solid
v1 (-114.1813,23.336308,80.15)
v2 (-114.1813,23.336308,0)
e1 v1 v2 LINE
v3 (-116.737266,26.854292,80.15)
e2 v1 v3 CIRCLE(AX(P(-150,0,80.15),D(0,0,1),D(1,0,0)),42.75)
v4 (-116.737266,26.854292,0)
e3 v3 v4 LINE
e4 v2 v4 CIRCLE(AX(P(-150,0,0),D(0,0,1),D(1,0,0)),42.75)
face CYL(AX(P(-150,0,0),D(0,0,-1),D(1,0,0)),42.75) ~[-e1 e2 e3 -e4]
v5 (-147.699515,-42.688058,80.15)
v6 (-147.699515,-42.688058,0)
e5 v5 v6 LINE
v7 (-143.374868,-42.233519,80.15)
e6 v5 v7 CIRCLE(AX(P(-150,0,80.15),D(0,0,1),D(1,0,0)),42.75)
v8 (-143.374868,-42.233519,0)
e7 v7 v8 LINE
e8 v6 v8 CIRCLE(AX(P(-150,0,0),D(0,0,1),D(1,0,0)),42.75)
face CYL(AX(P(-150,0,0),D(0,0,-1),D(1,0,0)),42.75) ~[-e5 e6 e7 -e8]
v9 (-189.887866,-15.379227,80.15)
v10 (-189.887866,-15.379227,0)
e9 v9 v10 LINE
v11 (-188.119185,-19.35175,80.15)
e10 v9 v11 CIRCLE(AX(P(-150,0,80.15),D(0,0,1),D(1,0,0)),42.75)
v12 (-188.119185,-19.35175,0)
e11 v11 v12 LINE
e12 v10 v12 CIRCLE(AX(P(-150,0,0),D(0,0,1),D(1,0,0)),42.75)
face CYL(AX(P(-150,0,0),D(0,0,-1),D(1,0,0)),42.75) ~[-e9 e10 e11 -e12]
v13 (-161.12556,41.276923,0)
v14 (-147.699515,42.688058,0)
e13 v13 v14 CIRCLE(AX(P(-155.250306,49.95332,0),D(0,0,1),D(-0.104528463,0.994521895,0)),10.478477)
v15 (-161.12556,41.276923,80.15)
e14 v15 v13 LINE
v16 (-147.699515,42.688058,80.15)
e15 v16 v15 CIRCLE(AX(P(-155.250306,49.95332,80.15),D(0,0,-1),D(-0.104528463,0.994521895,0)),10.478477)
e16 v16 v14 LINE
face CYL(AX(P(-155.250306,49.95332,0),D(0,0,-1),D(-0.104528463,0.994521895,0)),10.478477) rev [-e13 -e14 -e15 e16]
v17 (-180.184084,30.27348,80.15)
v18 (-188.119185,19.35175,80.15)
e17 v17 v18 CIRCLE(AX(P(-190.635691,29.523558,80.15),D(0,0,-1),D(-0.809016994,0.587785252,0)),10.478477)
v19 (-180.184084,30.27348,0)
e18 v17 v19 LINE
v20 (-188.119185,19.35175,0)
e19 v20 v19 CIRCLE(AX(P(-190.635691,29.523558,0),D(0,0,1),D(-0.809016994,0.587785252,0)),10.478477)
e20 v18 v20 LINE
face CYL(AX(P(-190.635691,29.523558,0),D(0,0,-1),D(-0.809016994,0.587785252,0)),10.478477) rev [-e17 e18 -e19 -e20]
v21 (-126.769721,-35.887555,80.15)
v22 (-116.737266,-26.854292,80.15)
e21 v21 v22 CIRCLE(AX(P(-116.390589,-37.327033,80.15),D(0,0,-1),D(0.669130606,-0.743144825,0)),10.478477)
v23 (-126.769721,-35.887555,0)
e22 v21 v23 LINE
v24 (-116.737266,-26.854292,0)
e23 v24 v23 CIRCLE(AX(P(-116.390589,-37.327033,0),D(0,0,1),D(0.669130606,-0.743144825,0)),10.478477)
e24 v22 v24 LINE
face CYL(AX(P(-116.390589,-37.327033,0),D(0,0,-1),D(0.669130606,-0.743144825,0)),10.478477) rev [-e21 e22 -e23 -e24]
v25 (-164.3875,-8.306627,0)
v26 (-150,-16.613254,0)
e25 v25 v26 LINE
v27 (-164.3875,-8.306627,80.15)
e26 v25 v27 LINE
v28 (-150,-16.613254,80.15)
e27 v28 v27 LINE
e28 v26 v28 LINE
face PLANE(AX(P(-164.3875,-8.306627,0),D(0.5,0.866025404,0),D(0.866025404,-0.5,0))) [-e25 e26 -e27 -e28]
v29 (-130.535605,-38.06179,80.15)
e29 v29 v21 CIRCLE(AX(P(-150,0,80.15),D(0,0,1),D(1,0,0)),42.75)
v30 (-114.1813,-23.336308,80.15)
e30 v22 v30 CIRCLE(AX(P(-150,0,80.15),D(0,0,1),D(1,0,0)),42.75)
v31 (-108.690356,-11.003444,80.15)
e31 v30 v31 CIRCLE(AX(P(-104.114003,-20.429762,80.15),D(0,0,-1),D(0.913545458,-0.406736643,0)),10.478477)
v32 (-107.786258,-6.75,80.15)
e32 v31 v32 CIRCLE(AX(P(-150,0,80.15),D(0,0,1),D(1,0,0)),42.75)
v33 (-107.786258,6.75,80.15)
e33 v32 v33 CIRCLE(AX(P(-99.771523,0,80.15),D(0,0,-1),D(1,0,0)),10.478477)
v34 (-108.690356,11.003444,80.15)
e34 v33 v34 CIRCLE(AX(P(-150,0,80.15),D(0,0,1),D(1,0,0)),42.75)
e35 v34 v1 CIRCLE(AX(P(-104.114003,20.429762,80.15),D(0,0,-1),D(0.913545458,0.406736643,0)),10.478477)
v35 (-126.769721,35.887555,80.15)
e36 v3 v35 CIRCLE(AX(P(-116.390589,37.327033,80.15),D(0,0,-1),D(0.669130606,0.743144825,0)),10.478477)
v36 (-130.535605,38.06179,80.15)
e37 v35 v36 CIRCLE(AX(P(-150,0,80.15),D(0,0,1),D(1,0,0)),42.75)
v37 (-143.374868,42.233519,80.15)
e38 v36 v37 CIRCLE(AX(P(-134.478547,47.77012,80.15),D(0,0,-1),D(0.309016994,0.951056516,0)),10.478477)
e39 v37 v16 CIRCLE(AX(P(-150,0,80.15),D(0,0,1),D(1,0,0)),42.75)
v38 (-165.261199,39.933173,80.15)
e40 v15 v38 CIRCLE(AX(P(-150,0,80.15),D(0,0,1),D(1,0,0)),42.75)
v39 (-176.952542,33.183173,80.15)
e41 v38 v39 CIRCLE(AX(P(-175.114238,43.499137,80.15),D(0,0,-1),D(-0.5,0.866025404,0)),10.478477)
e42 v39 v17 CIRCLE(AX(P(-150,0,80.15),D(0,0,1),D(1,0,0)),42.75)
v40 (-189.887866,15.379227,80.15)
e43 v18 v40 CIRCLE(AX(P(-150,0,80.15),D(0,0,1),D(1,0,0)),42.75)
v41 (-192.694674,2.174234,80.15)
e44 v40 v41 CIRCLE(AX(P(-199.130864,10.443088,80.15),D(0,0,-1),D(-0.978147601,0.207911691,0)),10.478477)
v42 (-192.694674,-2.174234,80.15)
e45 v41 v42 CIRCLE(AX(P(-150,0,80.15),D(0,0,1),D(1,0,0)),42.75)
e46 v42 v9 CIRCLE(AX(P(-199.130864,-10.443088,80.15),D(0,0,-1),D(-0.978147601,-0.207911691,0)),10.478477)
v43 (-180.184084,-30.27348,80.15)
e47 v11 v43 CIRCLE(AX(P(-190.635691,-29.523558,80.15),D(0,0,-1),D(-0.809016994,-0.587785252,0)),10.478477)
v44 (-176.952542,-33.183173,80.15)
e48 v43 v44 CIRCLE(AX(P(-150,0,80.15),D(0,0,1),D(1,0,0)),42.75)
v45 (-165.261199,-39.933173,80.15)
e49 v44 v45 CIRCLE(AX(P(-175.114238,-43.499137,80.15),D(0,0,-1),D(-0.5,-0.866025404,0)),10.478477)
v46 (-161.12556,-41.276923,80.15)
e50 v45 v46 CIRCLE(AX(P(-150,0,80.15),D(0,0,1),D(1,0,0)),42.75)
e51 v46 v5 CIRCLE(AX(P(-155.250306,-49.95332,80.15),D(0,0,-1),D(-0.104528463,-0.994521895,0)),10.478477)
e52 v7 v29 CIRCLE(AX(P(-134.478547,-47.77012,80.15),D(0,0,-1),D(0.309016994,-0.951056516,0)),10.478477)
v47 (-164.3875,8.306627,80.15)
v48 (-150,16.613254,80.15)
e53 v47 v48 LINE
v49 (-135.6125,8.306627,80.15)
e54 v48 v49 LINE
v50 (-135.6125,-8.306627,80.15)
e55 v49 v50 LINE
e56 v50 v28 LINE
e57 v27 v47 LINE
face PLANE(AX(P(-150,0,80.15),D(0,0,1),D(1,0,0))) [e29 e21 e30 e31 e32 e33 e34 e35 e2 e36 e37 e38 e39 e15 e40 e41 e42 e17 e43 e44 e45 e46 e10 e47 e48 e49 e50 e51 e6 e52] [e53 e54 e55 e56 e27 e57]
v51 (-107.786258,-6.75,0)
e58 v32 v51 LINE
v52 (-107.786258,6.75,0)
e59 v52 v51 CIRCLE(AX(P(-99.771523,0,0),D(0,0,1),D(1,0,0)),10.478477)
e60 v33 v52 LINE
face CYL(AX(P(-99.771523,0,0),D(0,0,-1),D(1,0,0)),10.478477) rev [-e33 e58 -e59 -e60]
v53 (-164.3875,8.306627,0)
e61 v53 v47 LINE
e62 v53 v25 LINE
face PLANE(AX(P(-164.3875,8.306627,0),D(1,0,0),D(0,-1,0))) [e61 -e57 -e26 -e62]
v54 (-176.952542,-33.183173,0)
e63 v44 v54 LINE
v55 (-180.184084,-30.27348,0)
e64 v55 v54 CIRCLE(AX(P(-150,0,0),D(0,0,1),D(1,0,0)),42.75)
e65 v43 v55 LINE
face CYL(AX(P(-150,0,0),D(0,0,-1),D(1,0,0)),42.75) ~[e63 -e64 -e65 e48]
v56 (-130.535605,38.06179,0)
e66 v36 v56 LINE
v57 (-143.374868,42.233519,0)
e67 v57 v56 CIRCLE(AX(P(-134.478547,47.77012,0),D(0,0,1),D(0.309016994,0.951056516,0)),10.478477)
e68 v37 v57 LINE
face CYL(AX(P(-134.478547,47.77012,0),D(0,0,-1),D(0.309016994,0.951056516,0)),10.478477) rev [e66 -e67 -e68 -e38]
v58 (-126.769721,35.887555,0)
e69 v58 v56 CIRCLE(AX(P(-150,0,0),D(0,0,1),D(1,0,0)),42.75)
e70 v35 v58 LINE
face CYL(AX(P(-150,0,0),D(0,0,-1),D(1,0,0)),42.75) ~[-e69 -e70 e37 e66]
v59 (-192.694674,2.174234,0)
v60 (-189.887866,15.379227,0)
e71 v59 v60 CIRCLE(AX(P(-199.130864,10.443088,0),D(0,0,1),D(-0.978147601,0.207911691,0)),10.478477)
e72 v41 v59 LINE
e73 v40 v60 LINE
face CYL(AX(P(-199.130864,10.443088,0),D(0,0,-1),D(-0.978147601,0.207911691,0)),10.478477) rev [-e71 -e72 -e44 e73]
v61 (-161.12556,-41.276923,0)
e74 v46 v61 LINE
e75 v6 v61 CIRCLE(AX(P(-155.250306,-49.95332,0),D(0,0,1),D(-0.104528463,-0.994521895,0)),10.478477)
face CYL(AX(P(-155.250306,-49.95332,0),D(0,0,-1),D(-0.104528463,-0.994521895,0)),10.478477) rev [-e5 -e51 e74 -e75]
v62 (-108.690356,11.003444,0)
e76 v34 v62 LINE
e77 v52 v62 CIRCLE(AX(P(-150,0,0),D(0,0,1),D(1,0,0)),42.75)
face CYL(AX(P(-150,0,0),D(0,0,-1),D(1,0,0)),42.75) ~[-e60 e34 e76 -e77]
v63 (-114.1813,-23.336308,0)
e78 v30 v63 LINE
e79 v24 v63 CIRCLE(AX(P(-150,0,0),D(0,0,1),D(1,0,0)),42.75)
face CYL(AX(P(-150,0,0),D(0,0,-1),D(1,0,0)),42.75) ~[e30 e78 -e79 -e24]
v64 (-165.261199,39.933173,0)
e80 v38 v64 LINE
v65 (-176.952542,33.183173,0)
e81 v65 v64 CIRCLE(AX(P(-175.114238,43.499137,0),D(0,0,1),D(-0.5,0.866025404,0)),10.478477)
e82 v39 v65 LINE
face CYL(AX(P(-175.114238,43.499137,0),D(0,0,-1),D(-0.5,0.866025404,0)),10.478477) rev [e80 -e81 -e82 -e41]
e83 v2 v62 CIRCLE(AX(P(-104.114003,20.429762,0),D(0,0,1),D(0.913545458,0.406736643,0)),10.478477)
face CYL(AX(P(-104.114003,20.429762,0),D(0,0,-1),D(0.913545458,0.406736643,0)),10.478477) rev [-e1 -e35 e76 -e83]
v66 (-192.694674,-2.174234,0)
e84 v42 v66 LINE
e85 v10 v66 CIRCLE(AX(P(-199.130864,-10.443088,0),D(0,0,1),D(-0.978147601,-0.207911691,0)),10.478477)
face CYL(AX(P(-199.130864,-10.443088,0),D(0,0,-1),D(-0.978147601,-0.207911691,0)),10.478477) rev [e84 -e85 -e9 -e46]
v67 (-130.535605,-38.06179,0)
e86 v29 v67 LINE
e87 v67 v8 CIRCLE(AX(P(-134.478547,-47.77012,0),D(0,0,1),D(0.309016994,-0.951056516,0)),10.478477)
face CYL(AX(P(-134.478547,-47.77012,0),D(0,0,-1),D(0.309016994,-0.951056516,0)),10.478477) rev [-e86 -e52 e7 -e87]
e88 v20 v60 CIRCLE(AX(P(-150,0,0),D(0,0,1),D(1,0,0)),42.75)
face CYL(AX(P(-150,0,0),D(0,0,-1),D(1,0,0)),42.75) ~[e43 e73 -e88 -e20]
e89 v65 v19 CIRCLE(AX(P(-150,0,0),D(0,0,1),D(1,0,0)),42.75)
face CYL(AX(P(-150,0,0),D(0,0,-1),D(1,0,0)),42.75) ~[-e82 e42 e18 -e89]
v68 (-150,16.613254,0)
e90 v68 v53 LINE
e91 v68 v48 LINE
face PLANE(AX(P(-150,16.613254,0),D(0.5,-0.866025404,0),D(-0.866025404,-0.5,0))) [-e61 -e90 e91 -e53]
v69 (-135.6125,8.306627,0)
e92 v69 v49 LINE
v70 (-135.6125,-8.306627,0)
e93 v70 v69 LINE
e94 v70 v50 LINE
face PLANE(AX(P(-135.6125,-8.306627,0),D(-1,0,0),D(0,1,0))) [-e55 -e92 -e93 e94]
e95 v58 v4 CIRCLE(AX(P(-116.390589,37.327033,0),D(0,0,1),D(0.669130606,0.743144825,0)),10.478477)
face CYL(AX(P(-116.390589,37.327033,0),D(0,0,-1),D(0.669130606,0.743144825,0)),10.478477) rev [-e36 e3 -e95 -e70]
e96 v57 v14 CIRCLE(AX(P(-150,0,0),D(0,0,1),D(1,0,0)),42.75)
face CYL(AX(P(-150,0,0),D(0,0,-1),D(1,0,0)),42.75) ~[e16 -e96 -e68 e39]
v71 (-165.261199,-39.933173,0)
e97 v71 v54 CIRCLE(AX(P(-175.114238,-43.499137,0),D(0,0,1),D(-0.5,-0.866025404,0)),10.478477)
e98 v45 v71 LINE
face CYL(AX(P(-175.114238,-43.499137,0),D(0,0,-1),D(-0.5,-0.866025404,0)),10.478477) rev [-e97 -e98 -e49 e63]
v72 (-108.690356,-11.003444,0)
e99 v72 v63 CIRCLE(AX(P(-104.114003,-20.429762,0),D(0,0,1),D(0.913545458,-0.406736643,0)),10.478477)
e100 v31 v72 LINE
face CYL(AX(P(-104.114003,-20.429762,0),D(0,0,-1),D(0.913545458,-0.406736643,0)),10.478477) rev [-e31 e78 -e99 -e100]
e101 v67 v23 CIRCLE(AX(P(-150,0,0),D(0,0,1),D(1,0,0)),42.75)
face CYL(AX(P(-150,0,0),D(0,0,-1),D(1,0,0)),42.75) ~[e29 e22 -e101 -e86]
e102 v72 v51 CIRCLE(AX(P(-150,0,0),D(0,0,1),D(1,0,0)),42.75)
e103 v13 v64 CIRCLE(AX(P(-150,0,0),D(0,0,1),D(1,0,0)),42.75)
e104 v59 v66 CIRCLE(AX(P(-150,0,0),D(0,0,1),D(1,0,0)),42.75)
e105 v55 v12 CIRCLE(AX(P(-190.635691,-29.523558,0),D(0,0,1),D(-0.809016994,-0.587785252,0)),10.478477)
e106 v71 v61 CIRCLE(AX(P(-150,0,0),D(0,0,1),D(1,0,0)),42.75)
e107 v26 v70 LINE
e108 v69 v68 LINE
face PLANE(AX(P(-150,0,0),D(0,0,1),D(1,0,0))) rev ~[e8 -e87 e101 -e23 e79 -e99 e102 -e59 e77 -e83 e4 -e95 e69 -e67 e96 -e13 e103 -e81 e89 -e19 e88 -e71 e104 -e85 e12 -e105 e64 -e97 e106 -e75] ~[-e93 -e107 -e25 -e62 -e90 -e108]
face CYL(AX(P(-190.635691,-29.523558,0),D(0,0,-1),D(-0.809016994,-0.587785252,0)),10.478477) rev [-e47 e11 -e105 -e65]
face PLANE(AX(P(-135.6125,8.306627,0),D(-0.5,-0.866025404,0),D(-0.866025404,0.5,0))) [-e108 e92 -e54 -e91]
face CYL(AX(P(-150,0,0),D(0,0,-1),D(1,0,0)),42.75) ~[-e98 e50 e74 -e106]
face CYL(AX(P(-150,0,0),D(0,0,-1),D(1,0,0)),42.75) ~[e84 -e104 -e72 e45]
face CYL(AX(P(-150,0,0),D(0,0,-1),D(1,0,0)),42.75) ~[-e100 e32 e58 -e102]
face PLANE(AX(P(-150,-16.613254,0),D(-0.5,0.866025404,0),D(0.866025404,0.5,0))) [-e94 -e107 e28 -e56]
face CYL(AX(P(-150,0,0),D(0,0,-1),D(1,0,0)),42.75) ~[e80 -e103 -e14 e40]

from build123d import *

# Parameters (mm, degrees)
SKETCH004_R           = 42.75
PAD005_DEPTH          = 80.15
SKETCH005_R           = 10.478477
POCKET004_DEPTH       = 370.285607
POLARPATTERN004_COUNT = 15
POCKET016_DEPTH       = 80.151


with BuildPart() as part:
    # Sketch004 → Pad005 (new body)
    with BuildSketch(Plane.XY):
        Circle(SKETCH004_R)
    extrude(amount=PAD005_DEPTH)

    # Sketch005 → Pocket004 (cut, through all)
    with BuildSketch(Plane.XY):
        with Locations((50.228477, 0)):
            Circle(SKETCH005_R)
    pocket004 = extrude(amount=POCKET004_DEPTH, mode=Mode.SUBTRACT)

    # PolarPattern004: Pocket004 ×15 about axis
    polarpattern004_axis = Axis((0, 0, 0), (0, 0, 1))
    for i in range(1, POLARPATTERN004_COUNT):
        add(pocket004.rotate(polarpattern004_axis, i * 360 / POLARPATTERN004_COUNT), mode=Mode.SUBTRACT)

    # Sketch031 → Pocket016 (cut, through all)
    with BuildSketch(Plane.XY):
        Polygon((14.3875, 8.306627), (0, 16.613254), (-14.3875, 8.306627), (-14.3875, -8.306627), (0, -16.613254), (14.3875, -8.306627), align=None)
    extrude(amount=POCKET016_DEPTH, mode=Mode.SUBTRACT)


with BuildPart() as part_1:
    # Body010 placement: moved
    add(part.part.moved(Location((-150, 0, 0))))


solid = part_1.part
